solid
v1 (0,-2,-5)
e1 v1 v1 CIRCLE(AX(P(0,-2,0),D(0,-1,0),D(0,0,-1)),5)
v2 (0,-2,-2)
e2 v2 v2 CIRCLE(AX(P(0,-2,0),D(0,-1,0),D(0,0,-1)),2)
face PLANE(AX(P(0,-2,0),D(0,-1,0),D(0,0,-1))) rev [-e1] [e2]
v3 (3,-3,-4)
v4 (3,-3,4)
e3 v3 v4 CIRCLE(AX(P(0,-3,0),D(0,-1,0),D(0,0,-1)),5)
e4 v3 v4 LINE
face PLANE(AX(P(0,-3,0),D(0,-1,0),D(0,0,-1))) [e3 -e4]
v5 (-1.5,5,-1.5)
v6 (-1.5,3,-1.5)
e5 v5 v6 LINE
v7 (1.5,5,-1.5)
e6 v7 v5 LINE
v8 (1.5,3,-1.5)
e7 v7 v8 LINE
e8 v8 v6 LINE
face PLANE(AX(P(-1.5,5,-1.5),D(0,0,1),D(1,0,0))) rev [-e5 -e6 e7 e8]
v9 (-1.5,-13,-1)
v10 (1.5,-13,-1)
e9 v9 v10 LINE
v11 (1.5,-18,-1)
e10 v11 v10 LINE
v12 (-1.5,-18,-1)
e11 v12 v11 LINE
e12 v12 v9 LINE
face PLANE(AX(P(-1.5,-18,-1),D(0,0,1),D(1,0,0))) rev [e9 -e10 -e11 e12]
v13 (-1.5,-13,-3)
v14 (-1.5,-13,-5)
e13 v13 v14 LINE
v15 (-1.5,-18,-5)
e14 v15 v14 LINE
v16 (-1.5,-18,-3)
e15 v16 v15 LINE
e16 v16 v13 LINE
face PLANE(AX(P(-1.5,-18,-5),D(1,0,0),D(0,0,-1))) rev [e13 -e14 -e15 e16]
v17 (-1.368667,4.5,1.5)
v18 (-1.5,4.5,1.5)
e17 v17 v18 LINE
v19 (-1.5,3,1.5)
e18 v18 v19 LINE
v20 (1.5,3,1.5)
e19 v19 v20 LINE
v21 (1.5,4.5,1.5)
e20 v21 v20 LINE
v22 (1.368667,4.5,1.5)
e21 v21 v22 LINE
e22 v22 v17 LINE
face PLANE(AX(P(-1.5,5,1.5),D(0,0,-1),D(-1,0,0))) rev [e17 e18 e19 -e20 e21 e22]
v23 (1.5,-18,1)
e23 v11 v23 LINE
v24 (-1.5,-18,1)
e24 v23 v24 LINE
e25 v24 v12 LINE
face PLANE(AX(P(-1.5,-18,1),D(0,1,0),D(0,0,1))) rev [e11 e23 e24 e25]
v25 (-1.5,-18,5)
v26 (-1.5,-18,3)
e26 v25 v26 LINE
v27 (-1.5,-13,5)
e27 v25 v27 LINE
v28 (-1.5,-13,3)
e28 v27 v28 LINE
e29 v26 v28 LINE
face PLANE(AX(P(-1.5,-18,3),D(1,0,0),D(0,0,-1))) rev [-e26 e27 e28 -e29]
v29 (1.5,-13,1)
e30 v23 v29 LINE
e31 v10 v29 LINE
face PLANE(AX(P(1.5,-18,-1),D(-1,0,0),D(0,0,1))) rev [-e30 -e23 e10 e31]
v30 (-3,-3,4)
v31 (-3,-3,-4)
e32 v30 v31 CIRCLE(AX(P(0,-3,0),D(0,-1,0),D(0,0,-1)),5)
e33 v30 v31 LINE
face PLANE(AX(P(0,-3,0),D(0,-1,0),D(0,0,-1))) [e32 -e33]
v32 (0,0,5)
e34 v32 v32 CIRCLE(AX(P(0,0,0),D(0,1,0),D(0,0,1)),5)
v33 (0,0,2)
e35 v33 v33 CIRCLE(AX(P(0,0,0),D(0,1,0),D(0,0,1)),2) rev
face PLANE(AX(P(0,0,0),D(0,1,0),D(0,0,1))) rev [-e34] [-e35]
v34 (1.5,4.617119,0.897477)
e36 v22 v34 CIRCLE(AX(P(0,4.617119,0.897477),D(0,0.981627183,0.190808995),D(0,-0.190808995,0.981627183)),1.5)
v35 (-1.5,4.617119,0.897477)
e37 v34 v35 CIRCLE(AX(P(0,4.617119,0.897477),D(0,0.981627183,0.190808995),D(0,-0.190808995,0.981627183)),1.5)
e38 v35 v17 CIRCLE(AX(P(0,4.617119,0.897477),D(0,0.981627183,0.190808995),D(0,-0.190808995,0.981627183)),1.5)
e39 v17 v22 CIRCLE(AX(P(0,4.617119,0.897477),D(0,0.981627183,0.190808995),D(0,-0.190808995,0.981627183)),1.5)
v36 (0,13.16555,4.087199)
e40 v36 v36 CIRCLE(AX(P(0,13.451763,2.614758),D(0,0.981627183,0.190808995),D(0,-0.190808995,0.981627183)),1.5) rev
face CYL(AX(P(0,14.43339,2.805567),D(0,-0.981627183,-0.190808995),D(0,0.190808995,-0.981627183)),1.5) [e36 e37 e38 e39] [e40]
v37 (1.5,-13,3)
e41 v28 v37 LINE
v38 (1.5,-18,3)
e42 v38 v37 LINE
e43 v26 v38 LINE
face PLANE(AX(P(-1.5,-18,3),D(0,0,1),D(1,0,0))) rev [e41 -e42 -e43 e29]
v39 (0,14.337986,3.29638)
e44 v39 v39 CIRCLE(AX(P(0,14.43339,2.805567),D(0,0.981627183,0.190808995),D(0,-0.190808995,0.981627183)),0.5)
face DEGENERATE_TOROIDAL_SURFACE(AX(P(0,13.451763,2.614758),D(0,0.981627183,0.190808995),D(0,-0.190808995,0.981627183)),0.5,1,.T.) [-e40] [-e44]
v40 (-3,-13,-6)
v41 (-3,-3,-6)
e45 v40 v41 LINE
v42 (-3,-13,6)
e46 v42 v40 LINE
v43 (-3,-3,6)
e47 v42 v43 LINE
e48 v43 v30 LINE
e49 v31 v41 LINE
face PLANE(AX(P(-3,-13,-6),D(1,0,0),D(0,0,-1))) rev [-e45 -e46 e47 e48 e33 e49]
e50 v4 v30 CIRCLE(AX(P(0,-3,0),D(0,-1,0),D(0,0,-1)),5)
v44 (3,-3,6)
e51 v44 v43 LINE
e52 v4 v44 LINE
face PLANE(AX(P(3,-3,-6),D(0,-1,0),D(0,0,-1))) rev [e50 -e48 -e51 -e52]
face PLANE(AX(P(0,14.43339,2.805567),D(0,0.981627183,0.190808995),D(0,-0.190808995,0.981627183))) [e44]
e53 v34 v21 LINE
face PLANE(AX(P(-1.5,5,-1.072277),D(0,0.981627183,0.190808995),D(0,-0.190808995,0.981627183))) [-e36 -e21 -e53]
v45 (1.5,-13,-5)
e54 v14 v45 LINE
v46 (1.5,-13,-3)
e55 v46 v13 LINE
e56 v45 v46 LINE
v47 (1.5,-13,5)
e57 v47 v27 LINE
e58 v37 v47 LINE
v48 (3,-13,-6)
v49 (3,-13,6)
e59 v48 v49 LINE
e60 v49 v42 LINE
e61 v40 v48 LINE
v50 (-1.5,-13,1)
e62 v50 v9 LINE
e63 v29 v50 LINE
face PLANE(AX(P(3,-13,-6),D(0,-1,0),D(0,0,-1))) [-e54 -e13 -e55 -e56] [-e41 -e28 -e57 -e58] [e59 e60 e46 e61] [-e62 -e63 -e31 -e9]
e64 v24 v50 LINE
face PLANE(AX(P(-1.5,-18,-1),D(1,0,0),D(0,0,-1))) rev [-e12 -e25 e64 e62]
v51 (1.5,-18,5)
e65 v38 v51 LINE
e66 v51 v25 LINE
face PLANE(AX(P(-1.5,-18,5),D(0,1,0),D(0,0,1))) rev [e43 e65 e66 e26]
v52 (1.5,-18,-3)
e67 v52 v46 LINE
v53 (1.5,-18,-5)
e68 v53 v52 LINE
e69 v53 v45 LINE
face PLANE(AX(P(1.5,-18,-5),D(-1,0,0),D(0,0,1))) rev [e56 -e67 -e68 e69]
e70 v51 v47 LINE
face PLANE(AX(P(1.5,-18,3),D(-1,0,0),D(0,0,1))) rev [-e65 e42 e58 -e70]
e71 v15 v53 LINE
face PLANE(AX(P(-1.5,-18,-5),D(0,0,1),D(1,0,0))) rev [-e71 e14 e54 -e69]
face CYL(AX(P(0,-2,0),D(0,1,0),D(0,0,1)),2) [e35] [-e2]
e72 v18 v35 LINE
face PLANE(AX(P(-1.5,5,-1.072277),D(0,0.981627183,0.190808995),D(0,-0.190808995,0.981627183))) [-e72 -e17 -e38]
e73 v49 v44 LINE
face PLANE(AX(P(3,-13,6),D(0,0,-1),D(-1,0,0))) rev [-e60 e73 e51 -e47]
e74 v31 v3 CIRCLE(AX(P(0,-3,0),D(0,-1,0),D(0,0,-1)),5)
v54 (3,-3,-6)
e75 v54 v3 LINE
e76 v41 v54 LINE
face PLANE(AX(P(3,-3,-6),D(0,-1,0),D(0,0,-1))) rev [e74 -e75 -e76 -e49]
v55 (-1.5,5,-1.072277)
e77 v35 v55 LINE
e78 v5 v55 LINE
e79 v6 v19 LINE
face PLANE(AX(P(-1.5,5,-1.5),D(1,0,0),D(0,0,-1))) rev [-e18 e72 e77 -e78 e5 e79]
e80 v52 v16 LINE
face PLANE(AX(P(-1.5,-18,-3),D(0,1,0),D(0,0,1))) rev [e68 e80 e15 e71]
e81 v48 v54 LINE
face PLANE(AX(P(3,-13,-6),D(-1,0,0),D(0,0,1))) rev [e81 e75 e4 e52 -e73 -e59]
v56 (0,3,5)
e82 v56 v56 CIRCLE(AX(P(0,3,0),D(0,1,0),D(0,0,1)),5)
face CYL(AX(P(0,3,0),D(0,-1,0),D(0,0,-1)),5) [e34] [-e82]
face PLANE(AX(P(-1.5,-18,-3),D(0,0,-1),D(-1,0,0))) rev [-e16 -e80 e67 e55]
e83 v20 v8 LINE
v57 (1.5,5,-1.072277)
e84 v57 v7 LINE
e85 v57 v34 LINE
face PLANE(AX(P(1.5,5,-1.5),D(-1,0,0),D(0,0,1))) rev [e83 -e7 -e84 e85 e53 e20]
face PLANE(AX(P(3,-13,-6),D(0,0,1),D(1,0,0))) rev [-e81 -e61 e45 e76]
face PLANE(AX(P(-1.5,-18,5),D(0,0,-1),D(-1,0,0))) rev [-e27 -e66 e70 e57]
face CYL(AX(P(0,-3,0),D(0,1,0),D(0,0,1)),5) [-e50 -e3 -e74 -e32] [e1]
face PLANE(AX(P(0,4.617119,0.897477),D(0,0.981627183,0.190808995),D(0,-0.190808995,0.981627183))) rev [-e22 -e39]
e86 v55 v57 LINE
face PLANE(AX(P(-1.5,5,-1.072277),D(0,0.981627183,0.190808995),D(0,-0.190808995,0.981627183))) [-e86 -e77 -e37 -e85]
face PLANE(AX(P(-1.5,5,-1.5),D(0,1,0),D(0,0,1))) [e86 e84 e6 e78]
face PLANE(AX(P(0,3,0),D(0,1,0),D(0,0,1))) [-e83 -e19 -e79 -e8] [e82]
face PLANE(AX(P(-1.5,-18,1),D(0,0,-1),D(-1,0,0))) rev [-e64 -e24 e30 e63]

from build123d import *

# Parameters (mm, degrees)
ESQUISSE1_R      = 5
EXTRUSION1_DEPTH = 3
ESQUISSE3_R      = 2
EXTRUSION3_DEPTH = 2
ESQUISSE4_R      = 5
EXTRUSION4_DEPTH = 1
ESQUISSE5_W      = 6
ESQUISSE5_H      = 12
EXTRUSION5_DEPTH = 10
ESQUISSE6_W      = 3
ESQUISSE6_H      = 2
EXTRUSION6_DEPTH = 5
ESQUISSE8_W      = 3
ESQUISSE8_H      = 3
EXTRUSION8_DEPTH = 2
CHANFREIN1_SIZE  = 0.5
CHANFREIN1_SIZE2 = 2.572277008
ESQUISSE9_R      = 1.5
EXTRUSION9_DEPTH = 10
CONG_1_R         = 1


with BuildPart() as part:
    # Esquisse1 → Extrusion1 (new body)
    with BuildSketch(Plane(origin=(0, 0, 0), x_dir=(1, 0, 0), z_dir=(0, 1, 0))):
        Circle(ESQUISSE1_R)
    extrude(amount=EXTRUSION1_DEPTH)

    # Esquisse3 → Extrusion3 (add)
    with BuildSketch(Plane.XZ):
        Circle(ESQUISSE3_R)
    extrude(amount=EXTRUSION3_DEPTH)

    # Esquisse4 → Extrusion4 (add)
    with BuildSketch(Plane.XZ.offset(2)):
        Circle(ESQUISSE4_R)
    extrude(amount=EXTRUSION4_DEPTH)

    # Esquisse5 → Extrusion5 (add)
    with BuildSketch(Plane.XZ.offset(3)):
        Rectangle(ESQUISSE5_W, ESQUISSE5_H)
    extrude(amount=EXTRUSION5_DEPTH)

    # Esquisse6 → Extrusion6 (add)
    with BuildSketch(Plane.XZ.offset(13)):
        with Locations((0, 4)):
            Rectangle(ESQUISSE6_W, ESQUISSE6_H)
        Rectangle(ESQUISSE6_W, ESQUISSE6_H)
        with Locations((0, -4)):
            Rectangle(ESQUISSE6_W, ESQUISSE6_H)
    extrude(amount=EXTRUSION6_DEPTH)

    # Esquisse8 → Extrusion8 (add)
    with BuildSketch(Plane(origin=(0, 3, 0), x_dir=(-1, 0, 0), z_dir=(0, 1, 0))):
        Rectangle(ESQUISSE8_W, ESQUISSE8_H)
    extrude(amount=EXTRUSION8_DEPTH)

    # Chanfrein1
    chanfrein1_edges = [part.edges().sort_by_distance(p)[0] for p in [
        (0, 5, 1.5),
    ]]
    chanfrein1_side = [part.faces().sort_by_distance(p)[0] for p in [
        (0, 4, 1.5),
    ]]
    chamfer(chanfrein1_edges, length=CHANFREIN1_SIZE, length2=CHANFREIN1_SIZE2, reference=chanfrein1_side[0])

    # Esquisse9 → Extrusion9 (add)
    with BuildSketch(Plane(origin=(0, 4.617118618, 0.897476944), x_dir=(-1, 0, 0), z_dir=(0, 0.981627183, 0.190808995))):
        Circle(ESQUISSE9_R)
    extrude(amount=EXTRUSION9_DEPTH)

    # Congé1
    cong_1_edges = [part.edges().sort_by_distance(p)[0] for p in [
        (1.5, 14.433390452, 2.805566898),
    ]]
    fillet(cong_1_edges, radius=CONG_1_R)


solid = part.part
